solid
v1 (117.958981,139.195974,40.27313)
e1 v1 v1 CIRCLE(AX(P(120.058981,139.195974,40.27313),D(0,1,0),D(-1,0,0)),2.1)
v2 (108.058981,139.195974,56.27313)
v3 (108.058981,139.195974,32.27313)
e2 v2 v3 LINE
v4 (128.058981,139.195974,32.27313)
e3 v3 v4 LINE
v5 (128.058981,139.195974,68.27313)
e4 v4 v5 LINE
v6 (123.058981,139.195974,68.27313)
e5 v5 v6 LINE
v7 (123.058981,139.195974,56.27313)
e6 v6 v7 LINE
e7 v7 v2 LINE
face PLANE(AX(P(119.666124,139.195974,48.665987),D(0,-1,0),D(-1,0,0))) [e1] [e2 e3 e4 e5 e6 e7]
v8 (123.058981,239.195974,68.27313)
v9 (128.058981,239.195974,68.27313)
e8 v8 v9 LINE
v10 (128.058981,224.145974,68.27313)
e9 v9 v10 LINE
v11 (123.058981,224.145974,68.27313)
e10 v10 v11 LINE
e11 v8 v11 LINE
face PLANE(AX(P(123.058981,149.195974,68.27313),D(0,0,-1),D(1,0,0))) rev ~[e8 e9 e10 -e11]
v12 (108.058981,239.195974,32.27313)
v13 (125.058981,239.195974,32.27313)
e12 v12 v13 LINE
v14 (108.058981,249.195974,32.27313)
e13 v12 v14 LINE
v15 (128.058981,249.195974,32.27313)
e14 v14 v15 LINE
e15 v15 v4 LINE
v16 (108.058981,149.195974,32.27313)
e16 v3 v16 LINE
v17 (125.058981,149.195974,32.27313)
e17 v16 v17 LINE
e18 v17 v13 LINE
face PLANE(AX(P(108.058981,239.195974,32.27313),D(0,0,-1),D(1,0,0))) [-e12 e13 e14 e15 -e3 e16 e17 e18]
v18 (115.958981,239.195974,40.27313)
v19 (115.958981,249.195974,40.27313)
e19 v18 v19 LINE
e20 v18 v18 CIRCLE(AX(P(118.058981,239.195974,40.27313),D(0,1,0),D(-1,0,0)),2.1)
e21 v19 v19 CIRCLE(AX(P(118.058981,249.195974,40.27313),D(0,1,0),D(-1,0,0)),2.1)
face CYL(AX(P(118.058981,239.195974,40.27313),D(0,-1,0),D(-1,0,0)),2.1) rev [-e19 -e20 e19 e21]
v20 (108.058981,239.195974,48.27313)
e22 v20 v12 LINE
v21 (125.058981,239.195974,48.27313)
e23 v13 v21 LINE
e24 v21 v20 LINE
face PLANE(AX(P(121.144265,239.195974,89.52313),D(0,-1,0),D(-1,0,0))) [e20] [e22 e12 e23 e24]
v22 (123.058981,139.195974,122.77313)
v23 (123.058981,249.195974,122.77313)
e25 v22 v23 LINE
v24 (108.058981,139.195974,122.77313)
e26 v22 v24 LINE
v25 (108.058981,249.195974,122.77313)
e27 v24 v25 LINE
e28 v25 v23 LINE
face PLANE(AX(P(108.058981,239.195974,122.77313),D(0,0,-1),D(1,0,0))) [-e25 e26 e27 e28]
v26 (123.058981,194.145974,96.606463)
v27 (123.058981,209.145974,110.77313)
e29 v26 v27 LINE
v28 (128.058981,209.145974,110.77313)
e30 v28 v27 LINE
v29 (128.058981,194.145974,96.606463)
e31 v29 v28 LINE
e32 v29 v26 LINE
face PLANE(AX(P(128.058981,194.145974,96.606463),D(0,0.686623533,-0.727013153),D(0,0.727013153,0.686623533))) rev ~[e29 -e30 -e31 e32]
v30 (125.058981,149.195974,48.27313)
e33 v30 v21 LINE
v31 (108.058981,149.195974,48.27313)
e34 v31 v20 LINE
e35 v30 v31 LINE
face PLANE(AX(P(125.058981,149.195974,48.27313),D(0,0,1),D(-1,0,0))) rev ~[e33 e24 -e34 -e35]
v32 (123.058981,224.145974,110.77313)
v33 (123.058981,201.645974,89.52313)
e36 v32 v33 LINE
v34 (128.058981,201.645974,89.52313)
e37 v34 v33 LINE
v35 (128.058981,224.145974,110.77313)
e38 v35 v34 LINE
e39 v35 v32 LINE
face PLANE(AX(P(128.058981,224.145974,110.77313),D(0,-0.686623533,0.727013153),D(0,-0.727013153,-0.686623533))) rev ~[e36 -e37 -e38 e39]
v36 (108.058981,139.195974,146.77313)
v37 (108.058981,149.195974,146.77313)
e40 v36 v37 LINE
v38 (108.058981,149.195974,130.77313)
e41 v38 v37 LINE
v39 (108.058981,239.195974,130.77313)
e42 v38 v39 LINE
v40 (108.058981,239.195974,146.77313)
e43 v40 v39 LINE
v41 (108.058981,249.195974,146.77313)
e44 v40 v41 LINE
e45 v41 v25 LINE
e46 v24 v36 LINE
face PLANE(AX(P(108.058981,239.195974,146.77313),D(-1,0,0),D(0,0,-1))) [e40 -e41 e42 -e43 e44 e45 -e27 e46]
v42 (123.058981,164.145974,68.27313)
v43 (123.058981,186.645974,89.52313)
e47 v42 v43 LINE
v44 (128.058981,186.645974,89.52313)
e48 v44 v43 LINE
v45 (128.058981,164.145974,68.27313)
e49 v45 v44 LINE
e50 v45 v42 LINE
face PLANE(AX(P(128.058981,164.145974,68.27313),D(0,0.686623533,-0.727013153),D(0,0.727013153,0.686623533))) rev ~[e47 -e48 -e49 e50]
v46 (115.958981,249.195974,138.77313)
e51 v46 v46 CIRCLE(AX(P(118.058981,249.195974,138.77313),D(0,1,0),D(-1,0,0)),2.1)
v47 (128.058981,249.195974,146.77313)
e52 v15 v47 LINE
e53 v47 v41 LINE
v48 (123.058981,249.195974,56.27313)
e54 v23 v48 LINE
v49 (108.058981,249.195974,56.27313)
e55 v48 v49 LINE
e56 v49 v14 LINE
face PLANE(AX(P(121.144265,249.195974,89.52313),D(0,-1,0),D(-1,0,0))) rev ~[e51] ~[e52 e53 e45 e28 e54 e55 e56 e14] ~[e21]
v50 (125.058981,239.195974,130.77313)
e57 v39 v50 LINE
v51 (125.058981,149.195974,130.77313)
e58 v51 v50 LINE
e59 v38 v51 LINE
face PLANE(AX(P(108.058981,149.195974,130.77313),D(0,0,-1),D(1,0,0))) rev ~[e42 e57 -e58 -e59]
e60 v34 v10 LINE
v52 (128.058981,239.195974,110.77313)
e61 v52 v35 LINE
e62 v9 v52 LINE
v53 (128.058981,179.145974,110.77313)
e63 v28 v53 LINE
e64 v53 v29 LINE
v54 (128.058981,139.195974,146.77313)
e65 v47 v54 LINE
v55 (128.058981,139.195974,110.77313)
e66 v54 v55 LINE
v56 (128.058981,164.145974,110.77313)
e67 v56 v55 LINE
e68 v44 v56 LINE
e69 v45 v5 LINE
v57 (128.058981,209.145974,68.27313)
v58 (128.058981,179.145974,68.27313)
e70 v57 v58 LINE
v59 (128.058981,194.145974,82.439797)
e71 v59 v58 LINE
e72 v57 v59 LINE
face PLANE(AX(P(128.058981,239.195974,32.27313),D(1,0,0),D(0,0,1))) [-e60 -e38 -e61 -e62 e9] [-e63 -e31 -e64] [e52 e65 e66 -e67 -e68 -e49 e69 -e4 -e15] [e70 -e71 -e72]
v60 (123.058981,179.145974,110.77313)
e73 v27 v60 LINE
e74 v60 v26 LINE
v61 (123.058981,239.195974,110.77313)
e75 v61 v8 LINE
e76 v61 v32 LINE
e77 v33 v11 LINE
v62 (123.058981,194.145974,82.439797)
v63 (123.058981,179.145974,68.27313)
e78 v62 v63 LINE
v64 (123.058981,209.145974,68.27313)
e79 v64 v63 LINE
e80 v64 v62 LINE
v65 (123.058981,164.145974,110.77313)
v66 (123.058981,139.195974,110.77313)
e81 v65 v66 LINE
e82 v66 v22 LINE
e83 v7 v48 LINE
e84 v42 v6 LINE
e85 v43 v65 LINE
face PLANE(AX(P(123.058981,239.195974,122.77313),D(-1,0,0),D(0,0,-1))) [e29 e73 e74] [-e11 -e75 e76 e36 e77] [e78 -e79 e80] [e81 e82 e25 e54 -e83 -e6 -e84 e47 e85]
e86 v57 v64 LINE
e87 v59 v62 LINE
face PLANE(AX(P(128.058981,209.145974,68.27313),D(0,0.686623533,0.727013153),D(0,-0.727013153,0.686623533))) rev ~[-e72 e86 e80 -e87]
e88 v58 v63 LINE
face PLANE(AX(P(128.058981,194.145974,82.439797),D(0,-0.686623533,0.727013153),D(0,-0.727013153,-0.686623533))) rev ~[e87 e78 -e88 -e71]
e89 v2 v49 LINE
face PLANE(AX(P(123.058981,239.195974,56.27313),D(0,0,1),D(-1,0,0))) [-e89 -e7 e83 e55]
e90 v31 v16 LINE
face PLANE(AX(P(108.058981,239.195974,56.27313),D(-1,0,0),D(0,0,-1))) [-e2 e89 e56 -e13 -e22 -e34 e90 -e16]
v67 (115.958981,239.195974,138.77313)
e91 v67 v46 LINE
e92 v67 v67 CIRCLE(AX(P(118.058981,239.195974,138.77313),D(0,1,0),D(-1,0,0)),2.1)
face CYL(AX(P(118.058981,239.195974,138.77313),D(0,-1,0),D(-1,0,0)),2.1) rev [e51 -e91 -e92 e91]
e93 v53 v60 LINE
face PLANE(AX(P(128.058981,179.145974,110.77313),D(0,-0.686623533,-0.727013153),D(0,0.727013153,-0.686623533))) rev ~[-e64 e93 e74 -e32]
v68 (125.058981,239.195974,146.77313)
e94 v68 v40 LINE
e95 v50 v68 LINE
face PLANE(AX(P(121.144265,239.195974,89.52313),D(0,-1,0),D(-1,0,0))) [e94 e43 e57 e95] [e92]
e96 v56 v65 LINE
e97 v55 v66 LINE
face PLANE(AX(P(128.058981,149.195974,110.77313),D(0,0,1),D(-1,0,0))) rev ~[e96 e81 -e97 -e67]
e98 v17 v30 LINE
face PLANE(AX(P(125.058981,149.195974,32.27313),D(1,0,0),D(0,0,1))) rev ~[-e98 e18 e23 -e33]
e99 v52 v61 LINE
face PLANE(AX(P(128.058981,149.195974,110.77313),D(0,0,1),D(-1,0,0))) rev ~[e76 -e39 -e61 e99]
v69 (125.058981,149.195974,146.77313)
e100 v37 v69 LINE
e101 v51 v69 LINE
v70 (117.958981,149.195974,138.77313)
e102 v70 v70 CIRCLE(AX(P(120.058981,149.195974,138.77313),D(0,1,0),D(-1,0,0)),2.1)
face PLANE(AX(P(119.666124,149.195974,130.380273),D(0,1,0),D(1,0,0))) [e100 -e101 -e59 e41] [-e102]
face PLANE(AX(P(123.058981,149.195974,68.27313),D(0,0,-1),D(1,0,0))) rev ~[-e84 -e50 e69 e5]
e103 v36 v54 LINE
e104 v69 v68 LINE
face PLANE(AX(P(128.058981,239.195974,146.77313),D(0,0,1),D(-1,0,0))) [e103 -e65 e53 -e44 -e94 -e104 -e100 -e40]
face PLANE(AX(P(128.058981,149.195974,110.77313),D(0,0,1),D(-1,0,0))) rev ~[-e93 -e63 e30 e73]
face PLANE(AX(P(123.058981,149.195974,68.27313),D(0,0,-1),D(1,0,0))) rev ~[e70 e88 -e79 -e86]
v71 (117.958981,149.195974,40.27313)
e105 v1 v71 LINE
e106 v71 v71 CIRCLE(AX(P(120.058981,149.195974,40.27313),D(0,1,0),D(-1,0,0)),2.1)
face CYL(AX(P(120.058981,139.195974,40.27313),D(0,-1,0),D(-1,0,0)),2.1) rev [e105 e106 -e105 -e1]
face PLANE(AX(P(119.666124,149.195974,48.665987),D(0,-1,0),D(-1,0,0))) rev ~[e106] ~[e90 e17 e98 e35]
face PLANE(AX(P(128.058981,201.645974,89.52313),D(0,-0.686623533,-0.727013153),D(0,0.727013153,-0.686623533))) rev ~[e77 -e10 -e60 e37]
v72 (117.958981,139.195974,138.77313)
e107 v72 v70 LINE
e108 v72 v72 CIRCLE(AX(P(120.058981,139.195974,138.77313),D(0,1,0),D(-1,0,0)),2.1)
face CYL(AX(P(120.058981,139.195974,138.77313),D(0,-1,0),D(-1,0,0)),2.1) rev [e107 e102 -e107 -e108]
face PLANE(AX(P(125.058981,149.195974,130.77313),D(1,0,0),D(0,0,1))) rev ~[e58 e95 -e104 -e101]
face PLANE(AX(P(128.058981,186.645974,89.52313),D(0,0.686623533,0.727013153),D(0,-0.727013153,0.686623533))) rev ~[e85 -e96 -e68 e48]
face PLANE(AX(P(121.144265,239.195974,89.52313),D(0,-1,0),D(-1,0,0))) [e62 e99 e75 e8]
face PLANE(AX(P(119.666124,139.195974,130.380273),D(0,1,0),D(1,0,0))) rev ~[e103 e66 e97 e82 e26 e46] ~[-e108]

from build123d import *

# Parameters (mm, degrees)
SKETCH_1_R      = 2.1
EXTRUDE_1_DEPTH = 10
EXTRUDE_2_DEPTH = 90
SKETCH_3_R      = 2.1
EXTRUDE_3_DEPTH = 10
EXTRUDE_4_DEPTH = 90
EXTRUDE_5_DEPTH = 5
SKETCH_6_R      = 2.1
EXTRUDE_6_DEPTH = 10


with BuildPart() as part:
    # Эскиз1 → Бобышка-Вытянуть1 (new body)
    with BuildSketch(Plane(origin=(0, 139.195974268, 0), x_dir=(1, 0, 0), z_dir=(0, 1, 0))):
        Polygon((108.058980694, -32.273129836), (128.058980694, -32.273129836), (128.058980694, -68.273129836), (123.058980694, -68.273129836), (123.058980694, -56.273129836), (108.058980694, -56.273129836), align=None)
        with Locations(Location((120.058980694, -40.273129836, 0), (0, 0, 180))):
            Circle(SKETCH_1_R, mode=Mode.SUBTRACT)
    extrude(amount=EXTRUDE_1_DEPTH)

    # Эскиз2 → Бобышка-Вытянуть2 (add)
    with BuildSketch(Plane(origin=(0, 149.195974268, 0), x_dir=(1, 0, 0), z_dir=(0, 1, 0))):
        Polygon((128.058980694, -32.273129836), (125.058980694, -32.273129836), (125.058980694, -48.273129836), (108.058980694, -48.273129836), (108.058980694, -56.273129836), (123.058980694, -56.273129836), (123.058980694, -68.273129836), (128.058980694, -68.273129836), align=None)
    extrude(amount=EXTRUDE_2_DEPTH)



with BuildPart() as body_2:
    # Эскиз3 → Бобышка-Вытянуть3 (new body)
    with BuildSketch(Plane(origin=(0, 139.195974268, 0), x_dir=(1, 0, 0), z_dir=(0, 1, 0))):
        Polygon((123.058980694, -110.773129836), (123.058980694, -122.773129836), (108.058980694, -122.773129836), (108.058980694, -146.773129836), (128.058980694, -146.773129836), (128.058980694, -110.773129836), align=None)
        with Locations(Location((120.058980694, -138.773129836, 0), (0, 0, 180))):
            Circle(SKETCH_3_R, mode=Mode.SUBTRACT)
    extrude(amount=EXTRUDE_3_DEPTH)

    # Эскиз4 → Бобышка-Вытянуть4 (add)
    with BuildSketch(Plane(origin=(0, 149.195974268, 0), x_dir=(1, 0, 0), z_dir=(0, 1, 0))):
        Polygon((123.058980694, -110.773129836), (123.058980694, -122.773129836), (108.058980694, -122.773129836), (108.058980694, -130.773129836), (125.058980694, -130.773129836), (125.058980694, -146.773129836), (128.058980694, -146.773129836), (128.058980694, -110.773129836), align=None)
    extrude(amount=EXTRUDE_4_DEPTH)


with BuildPart() as part_1:
    add(part.part)

    add(body_2.part)  # Бобышка-Вытянуть5 merges body 2
    # Эскиз5 → Бобышка-Вытянуть5 (add)
    with BuildSketch(Plane(origin=(128.058980694, 0, 0), x_dir=(0, 0, -1), z_dir=(1, 0, 0))):
        Polygon((-68.273129836, 224.145974268), (-68.273129836, 209.145974268), (-82.439796503, 194.145974268), (-68.273129836, 179.145974268), (-68.273129836, 164.145974268), (-89.523129836, 186.645974268), (-110.773129836, 164.145974268), (-110.773129836, 179.145974268), (-96.60646317, 194.145974268), (-110.773129836, 209.145974268), (-110.773129836, 224.145974268), (-89.523129836, 201.645974268), align=None)
    extrude(amount=-EXTRUDE_5_DEPTH)

    # Эскиз6 → Бобышка-Вытянуть6 (add)
    with BuildSketch(Plane(origin=(0, 239.195974268, 0), x_dir=(1, 0, 0), z_dir=(0, 1, 0))):
        Polygon((108.058980694, -56.273129836), (108.058980694, -32.273129836), (128.058980694, -32.273129836), (128.058980694, -146.773129836), (108.058980694, -146.773129836), (108.058980694, -122.773129836), (123.058980694, -122.773129836), (123.058980694, -56.273129836), align=None)
        with Locations(Location((118.058980694, -40.273129836, 0), (0, 0, 180))):
            Circle(SKETCH_6_R, mode=Mode.SUBTRACT)
        with Locations(Location((118.058980694, -138.773129836, 0), (0, 0, 180))):
            Circle(SKETCH_6_R, mode=Mode.SUBTRACT)
    extrude(amount=EXTRUDE_6_DEPTH)


solid = part_1.part
